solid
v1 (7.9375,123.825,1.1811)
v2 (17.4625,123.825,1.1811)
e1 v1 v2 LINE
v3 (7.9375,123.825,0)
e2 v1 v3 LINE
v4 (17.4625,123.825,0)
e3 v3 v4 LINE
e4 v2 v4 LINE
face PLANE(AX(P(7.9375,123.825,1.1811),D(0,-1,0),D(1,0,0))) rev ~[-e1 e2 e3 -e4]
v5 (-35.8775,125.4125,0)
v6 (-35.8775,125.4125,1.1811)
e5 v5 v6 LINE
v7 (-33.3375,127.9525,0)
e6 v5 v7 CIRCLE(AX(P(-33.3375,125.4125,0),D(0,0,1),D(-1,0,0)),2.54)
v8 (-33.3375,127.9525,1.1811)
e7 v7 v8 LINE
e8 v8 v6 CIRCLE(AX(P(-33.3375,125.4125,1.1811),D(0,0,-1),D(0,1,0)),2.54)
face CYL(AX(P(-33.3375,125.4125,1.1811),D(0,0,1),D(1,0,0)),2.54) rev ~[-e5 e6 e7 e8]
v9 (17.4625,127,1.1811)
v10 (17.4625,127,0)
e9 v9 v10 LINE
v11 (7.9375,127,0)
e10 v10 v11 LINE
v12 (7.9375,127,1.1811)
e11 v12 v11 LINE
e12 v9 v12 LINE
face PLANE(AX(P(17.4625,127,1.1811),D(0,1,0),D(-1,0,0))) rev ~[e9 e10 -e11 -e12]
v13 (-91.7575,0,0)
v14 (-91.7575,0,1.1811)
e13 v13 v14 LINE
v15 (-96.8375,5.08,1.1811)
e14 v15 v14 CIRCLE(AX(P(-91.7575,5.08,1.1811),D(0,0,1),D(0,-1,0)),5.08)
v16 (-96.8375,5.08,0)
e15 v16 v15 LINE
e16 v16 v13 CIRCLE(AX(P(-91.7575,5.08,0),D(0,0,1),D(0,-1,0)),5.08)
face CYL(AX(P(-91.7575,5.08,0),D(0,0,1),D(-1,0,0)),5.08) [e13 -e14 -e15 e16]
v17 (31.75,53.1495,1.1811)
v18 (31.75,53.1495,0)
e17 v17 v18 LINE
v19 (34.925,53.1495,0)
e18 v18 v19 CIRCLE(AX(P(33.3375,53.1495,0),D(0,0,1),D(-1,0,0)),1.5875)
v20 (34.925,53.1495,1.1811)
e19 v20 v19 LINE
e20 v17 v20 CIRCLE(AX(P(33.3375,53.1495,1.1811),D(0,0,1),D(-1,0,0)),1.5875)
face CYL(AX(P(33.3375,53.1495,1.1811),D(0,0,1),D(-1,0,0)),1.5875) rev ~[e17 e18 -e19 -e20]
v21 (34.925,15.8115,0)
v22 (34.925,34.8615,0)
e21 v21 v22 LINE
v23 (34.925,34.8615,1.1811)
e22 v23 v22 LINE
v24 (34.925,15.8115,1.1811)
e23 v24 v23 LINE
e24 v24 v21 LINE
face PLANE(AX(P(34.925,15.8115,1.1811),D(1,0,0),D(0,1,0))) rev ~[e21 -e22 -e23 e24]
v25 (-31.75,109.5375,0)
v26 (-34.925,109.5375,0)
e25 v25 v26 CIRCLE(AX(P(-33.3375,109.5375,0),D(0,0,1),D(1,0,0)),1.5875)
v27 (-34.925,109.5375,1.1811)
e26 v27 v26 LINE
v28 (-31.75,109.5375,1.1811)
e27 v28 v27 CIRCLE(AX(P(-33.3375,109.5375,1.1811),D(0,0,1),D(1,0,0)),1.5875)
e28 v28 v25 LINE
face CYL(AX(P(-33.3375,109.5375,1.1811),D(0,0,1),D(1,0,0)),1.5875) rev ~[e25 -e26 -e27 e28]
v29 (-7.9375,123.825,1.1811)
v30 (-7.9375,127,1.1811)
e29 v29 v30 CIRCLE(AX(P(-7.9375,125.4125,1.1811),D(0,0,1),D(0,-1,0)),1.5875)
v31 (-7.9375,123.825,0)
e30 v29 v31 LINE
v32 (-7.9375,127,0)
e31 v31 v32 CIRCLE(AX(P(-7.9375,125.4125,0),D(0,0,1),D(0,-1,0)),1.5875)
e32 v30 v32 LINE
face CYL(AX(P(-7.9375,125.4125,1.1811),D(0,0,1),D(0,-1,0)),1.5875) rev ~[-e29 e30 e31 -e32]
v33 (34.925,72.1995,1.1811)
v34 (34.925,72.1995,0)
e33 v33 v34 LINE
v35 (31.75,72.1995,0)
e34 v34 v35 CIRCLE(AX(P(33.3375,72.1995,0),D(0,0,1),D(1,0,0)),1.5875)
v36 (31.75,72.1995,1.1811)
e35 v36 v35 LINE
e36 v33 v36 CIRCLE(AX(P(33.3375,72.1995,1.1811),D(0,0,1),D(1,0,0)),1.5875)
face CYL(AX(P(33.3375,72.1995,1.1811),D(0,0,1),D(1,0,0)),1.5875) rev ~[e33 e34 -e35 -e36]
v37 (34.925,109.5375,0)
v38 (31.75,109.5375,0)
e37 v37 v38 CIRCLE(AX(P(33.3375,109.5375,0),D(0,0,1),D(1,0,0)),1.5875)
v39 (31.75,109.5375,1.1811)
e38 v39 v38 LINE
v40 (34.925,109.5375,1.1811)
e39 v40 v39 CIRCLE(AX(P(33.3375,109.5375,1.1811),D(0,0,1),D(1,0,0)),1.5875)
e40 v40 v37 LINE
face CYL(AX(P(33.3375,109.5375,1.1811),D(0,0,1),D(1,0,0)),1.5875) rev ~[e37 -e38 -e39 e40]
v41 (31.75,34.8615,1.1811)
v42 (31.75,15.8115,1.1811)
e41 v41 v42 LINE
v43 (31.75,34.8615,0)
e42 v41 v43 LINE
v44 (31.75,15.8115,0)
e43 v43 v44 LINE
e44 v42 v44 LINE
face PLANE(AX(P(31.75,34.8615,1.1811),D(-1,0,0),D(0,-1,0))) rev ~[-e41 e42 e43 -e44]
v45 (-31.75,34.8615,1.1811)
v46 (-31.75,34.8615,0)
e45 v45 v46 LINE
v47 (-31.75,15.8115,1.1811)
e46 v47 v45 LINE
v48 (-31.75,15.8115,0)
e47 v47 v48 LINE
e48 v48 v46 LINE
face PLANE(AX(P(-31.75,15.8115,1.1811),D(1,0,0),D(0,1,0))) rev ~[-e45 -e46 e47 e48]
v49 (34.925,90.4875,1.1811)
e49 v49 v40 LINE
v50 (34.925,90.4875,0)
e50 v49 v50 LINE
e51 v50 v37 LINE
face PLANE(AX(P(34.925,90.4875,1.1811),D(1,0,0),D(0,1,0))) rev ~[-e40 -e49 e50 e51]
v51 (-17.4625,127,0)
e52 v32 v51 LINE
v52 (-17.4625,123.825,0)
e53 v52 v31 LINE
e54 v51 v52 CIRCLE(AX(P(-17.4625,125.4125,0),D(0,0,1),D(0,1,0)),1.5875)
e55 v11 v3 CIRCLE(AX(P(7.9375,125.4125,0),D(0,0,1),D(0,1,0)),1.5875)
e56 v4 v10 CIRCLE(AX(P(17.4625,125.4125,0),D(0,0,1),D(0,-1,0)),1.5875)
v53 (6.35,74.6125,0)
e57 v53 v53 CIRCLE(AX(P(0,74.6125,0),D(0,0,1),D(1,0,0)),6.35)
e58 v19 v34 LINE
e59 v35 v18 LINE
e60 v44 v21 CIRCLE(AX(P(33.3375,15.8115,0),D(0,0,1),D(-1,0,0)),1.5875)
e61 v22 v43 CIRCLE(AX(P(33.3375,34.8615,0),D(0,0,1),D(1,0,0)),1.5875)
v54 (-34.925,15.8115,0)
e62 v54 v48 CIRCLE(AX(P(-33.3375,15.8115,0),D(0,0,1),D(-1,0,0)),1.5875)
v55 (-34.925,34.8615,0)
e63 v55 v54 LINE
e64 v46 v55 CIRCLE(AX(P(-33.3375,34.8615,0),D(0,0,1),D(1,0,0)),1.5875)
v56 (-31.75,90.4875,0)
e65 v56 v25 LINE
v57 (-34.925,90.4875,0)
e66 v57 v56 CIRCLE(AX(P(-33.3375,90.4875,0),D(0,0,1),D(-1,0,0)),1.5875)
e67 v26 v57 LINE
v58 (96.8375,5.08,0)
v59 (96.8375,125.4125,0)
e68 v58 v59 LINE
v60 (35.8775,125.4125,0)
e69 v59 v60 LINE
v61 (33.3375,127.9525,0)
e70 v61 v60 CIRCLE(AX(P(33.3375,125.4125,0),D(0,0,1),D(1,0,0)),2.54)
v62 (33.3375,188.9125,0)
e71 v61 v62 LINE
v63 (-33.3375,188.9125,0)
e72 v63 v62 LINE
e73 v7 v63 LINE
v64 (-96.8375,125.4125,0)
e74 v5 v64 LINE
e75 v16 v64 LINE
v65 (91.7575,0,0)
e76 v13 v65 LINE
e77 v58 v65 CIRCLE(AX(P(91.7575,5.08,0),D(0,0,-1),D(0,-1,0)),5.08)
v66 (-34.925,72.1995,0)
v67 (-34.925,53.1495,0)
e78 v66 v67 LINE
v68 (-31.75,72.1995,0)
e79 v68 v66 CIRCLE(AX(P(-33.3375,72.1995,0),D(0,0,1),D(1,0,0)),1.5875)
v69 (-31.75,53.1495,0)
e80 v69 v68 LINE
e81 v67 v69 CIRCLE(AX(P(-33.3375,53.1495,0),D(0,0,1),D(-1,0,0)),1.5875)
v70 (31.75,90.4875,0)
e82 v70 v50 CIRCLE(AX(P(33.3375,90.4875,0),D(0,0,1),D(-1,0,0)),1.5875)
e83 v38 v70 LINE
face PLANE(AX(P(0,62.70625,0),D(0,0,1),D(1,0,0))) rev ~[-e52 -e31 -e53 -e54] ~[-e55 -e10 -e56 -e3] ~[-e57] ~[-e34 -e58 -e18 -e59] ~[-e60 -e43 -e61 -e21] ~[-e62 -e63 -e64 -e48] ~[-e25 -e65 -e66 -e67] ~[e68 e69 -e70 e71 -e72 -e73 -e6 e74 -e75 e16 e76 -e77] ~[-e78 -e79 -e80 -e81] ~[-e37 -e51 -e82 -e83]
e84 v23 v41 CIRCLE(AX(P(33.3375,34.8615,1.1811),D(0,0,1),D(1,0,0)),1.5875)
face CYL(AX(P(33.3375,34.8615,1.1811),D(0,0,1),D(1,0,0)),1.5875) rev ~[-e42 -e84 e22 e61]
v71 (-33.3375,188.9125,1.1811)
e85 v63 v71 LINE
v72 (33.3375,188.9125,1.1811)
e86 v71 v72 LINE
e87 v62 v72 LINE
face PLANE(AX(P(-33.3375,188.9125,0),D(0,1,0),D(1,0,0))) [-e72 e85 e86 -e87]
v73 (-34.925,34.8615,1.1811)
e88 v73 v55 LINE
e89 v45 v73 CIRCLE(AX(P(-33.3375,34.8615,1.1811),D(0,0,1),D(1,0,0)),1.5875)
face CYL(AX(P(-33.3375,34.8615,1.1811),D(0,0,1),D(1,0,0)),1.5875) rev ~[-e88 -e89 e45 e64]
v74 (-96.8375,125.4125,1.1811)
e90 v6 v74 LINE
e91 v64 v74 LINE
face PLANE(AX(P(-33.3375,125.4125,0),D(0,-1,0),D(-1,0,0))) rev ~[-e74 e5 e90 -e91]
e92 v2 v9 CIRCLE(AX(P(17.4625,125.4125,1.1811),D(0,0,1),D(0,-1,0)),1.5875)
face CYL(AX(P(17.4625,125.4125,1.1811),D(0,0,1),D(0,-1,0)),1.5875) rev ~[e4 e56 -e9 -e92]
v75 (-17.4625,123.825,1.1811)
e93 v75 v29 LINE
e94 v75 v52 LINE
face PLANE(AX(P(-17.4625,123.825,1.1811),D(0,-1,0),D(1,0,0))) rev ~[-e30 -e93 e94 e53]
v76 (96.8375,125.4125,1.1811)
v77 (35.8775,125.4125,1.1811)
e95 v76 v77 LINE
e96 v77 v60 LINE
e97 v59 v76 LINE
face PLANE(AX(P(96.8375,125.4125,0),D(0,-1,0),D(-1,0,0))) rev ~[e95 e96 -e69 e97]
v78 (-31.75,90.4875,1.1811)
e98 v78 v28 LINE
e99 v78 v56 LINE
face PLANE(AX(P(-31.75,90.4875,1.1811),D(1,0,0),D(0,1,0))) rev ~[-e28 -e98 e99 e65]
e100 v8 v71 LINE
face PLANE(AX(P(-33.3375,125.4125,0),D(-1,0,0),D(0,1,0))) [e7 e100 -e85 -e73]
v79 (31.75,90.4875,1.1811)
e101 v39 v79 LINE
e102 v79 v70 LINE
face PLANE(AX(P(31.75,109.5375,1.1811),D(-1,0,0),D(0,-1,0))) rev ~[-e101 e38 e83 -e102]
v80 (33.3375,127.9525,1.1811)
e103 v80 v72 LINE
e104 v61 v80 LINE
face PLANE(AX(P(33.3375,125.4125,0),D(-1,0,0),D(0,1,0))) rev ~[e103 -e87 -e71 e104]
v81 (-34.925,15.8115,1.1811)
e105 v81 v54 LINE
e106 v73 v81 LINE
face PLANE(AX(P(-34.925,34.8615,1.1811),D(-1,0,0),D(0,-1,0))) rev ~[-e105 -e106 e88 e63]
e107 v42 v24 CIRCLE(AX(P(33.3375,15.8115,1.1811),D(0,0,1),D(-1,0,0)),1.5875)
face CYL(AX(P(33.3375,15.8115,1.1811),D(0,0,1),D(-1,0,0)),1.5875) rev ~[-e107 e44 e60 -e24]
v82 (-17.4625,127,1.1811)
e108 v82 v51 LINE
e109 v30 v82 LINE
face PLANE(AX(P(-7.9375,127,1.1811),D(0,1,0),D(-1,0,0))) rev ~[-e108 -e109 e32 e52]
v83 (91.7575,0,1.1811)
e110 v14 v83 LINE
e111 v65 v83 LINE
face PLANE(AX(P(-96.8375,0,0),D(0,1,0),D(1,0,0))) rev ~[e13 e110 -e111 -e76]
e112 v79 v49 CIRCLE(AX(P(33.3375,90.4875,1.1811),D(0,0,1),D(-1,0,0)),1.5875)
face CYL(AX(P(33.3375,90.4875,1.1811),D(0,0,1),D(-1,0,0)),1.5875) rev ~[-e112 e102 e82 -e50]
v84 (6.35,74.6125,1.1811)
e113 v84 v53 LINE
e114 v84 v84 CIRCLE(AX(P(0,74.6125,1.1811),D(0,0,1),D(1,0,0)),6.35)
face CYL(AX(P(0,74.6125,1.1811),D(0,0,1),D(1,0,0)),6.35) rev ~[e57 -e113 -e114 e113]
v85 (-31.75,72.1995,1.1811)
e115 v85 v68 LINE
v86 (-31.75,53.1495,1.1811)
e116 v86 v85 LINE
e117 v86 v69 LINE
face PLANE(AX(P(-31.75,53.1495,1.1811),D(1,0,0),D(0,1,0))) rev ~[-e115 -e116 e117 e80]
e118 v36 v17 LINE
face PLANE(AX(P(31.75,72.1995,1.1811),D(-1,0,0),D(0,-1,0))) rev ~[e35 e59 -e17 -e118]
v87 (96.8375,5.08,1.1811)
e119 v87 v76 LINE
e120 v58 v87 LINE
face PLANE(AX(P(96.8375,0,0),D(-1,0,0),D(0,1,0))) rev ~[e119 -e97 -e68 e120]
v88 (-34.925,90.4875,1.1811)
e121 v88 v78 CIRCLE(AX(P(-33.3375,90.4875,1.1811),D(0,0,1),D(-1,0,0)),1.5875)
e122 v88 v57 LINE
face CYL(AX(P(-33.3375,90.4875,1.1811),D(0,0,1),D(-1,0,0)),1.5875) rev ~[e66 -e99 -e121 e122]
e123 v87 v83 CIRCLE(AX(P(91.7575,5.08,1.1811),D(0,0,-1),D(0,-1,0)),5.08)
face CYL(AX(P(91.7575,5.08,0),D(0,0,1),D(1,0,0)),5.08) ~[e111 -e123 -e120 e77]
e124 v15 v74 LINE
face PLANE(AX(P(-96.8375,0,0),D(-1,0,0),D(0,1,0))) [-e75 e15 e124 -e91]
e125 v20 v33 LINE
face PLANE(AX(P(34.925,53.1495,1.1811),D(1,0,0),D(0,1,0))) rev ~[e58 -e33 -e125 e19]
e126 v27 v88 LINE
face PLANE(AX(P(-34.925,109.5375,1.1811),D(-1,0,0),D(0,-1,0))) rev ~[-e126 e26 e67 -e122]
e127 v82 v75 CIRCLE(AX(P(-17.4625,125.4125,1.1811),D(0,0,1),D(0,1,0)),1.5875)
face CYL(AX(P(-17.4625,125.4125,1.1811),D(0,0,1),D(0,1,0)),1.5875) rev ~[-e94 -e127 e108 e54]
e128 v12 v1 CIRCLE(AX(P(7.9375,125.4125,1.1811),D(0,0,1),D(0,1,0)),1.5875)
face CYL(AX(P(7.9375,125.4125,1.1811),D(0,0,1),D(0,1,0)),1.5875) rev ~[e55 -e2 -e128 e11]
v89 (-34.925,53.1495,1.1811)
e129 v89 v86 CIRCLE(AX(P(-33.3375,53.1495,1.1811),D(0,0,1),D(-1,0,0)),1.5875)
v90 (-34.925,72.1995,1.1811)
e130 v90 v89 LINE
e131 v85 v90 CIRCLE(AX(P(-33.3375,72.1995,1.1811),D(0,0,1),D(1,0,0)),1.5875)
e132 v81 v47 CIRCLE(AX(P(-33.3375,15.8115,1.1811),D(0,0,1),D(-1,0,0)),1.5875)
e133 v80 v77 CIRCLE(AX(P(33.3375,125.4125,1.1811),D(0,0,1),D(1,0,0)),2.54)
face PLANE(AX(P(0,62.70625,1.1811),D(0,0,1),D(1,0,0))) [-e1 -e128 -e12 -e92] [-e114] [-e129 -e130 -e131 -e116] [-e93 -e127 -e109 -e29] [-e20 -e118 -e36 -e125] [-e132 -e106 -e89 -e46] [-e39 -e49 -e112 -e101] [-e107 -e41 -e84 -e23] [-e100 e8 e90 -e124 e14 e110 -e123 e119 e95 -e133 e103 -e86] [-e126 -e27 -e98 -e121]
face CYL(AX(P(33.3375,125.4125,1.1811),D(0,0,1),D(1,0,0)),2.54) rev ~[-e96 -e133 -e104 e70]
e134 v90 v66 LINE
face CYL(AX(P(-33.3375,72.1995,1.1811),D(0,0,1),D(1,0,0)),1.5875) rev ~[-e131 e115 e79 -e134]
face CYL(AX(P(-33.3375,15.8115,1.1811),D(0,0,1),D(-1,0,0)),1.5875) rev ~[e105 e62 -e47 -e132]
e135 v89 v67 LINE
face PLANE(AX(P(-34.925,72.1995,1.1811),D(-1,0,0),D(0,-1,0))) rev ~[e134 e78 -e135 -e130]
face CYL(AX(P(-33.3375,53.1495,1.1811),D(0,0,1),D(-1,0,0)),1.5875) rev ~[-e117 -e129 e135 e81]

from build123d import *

# Parameters (mm, degrees)
F0_W     = 66.675
F0_H     = 125.4125
F0_W_2   = 63.5
F0_H_2   = 63.5
F1_DEPTH = 1.1811
F2_R     = 2.54
F2_R_2   = 6.35
F3_DEPTH = 1.1811
F4_R     = 5.08


with BuildPart() as f1:
    # F0 (on Top) → F1 (new body)
    with BuildSketch(Plane.XY):
        with Locations((0, 62.70625)):
            Rectangle(F0_W, F0_H)
        with Locations((-65.0875, 62.70625)):
            Rectangle(F0_W_2, F0_H)
        with Locations((65.0875, 62.70625)):
            Rectangle(F0_W_2, F0_H)
        with Locations((0, 157.1625)):
            Rectangle(F0_W, F0_H_2)
    extrude(amount=F1_DEPTH)

    # F2 (on face) → F3 (cut, through all)
    with BuildSketch(Plane.XY.offset(1.1811)):
        with BuildLine():
            ThreePointArc((-31.75, 109.5375), (-33.3375, 111.125), (-34.925, 109.5375))
            Line((-34.925, 109.5375), (-34.925, 90.4875))
            ThreePointArc((-34.925, 90.4875), (-33.3375, 88.9), (-31.75, 90.4875))
            Line((-31.75, 90.4875), (-31.75, 109.5375))
        make_face()
        with BuildLine():
            ThreePointArc((-31.75, 72.1995), (-33.3375, 73.787), (-34.925, 72.1995))
            Line((-34.925, 72.1995), (-34.925, 53.1495))
            ThreePointArc((-34.925, 53.1495), (-33.3375, 51.562), (-31.75, 53.1495))
            Line((-31.75, 53.1495), (-31.75, 72.1995))
        make_face()
        with BuildLine():
            ThreePointArc((-31.75, 34.8615), (-33.3375, 36.449), (-34.925, 34.8615))
            Line((-34.925, 34.8615), (-34.925, 15.8115))
            ThreePointArc((-34.925, 15.8115), (-33.3375, 14.224), (-31.75, 15.8115))
            Line((-31.75, 15.8115), (-31.75, 34.8615))
        make_face()
        with BuildLine():
            ThreePointArc((34.925, 34.8615), (33.3375, 36.449), (31.75, 34.8615))
            Line((31.75, 34.8615), (31.75, 15.8115))
            ThreePointArc((31.75, 15.8115), (33.3375, 14.224), (34.925, 15.8115))
            Line((34.925, 15.8115), (34.925, 34.8615))
        make_face()
        with BuildLine():
            ThreePointArc((34.925, 72.1995), (33.3375, 73.787), (31.75, 72.1995))
            Line((31.75, 72.1995), (31.75, 53.1495))
            ThreePointArc((31.75, 53.1495), (33.3375, 51.562), (34.925, 53.1495))
            Line((34.925, 53.1495), (34.925, 72.1995))
        make_face()
        with BuildLine():
            ThreePointArc((34.925, 109.5375), (33.3375, 111.125), (31.75, 109.5375))
            Line((31.75, 109.5375), (31.75, 90.4875))
            ThreePointArc((31.75, 90.4875), (33.3375, 88.9), (34.925, 90.4875))
            Line((34.925, 90.4875), (34.925, 109.5375))
        make_face()
        with BuildLine():
            ThreePointArc((-17.4625, 127), (-19.05, 125.4125), (-17.4625, 123.825))
            Line((-17.4625, 123.825), (-7.9375, 123.825))
            ThreePointArc((-7.9375, 123.825), (-6.35, 125.4125), (-7.9375, 127))
            Line((-7.9375, 127), (-17.4625, 127))
        make_face()
        with BuildLine():
            ThreePointArc((7.9375, 127), (6.35, 125.4125), (7.9375, 123.825))
            Line((7.9375, 123.825), (17.4625, 123.825))
            ThreePointArc((17.4625, 123.825), (19.05, 125.4125), (17.4625, 127))
            Line((17.4625, 127), (7.9375, 127))
        make_face()
        with Locations((-33.3375, 125.4125)):
            Circle(F2_R)
        with Locations((33.3375, 125.4125)):
            Circle(F2_R)
        with Locations((0, 74.6125)):
            Circle(F2_R_2)
    extrude(amount=-F3_DEPTH, mode=Mode.SUBTRACT)

    # F4
    f4_edges = [f1.edges().sort_by_distance(p)[0] for p in [
        (-96.8375, 0, 0.59055),
        (96.8375, 0, 0.59055),
    ]]
    fillet(f4_edges, radius=F4_R)


solid = f1.part
